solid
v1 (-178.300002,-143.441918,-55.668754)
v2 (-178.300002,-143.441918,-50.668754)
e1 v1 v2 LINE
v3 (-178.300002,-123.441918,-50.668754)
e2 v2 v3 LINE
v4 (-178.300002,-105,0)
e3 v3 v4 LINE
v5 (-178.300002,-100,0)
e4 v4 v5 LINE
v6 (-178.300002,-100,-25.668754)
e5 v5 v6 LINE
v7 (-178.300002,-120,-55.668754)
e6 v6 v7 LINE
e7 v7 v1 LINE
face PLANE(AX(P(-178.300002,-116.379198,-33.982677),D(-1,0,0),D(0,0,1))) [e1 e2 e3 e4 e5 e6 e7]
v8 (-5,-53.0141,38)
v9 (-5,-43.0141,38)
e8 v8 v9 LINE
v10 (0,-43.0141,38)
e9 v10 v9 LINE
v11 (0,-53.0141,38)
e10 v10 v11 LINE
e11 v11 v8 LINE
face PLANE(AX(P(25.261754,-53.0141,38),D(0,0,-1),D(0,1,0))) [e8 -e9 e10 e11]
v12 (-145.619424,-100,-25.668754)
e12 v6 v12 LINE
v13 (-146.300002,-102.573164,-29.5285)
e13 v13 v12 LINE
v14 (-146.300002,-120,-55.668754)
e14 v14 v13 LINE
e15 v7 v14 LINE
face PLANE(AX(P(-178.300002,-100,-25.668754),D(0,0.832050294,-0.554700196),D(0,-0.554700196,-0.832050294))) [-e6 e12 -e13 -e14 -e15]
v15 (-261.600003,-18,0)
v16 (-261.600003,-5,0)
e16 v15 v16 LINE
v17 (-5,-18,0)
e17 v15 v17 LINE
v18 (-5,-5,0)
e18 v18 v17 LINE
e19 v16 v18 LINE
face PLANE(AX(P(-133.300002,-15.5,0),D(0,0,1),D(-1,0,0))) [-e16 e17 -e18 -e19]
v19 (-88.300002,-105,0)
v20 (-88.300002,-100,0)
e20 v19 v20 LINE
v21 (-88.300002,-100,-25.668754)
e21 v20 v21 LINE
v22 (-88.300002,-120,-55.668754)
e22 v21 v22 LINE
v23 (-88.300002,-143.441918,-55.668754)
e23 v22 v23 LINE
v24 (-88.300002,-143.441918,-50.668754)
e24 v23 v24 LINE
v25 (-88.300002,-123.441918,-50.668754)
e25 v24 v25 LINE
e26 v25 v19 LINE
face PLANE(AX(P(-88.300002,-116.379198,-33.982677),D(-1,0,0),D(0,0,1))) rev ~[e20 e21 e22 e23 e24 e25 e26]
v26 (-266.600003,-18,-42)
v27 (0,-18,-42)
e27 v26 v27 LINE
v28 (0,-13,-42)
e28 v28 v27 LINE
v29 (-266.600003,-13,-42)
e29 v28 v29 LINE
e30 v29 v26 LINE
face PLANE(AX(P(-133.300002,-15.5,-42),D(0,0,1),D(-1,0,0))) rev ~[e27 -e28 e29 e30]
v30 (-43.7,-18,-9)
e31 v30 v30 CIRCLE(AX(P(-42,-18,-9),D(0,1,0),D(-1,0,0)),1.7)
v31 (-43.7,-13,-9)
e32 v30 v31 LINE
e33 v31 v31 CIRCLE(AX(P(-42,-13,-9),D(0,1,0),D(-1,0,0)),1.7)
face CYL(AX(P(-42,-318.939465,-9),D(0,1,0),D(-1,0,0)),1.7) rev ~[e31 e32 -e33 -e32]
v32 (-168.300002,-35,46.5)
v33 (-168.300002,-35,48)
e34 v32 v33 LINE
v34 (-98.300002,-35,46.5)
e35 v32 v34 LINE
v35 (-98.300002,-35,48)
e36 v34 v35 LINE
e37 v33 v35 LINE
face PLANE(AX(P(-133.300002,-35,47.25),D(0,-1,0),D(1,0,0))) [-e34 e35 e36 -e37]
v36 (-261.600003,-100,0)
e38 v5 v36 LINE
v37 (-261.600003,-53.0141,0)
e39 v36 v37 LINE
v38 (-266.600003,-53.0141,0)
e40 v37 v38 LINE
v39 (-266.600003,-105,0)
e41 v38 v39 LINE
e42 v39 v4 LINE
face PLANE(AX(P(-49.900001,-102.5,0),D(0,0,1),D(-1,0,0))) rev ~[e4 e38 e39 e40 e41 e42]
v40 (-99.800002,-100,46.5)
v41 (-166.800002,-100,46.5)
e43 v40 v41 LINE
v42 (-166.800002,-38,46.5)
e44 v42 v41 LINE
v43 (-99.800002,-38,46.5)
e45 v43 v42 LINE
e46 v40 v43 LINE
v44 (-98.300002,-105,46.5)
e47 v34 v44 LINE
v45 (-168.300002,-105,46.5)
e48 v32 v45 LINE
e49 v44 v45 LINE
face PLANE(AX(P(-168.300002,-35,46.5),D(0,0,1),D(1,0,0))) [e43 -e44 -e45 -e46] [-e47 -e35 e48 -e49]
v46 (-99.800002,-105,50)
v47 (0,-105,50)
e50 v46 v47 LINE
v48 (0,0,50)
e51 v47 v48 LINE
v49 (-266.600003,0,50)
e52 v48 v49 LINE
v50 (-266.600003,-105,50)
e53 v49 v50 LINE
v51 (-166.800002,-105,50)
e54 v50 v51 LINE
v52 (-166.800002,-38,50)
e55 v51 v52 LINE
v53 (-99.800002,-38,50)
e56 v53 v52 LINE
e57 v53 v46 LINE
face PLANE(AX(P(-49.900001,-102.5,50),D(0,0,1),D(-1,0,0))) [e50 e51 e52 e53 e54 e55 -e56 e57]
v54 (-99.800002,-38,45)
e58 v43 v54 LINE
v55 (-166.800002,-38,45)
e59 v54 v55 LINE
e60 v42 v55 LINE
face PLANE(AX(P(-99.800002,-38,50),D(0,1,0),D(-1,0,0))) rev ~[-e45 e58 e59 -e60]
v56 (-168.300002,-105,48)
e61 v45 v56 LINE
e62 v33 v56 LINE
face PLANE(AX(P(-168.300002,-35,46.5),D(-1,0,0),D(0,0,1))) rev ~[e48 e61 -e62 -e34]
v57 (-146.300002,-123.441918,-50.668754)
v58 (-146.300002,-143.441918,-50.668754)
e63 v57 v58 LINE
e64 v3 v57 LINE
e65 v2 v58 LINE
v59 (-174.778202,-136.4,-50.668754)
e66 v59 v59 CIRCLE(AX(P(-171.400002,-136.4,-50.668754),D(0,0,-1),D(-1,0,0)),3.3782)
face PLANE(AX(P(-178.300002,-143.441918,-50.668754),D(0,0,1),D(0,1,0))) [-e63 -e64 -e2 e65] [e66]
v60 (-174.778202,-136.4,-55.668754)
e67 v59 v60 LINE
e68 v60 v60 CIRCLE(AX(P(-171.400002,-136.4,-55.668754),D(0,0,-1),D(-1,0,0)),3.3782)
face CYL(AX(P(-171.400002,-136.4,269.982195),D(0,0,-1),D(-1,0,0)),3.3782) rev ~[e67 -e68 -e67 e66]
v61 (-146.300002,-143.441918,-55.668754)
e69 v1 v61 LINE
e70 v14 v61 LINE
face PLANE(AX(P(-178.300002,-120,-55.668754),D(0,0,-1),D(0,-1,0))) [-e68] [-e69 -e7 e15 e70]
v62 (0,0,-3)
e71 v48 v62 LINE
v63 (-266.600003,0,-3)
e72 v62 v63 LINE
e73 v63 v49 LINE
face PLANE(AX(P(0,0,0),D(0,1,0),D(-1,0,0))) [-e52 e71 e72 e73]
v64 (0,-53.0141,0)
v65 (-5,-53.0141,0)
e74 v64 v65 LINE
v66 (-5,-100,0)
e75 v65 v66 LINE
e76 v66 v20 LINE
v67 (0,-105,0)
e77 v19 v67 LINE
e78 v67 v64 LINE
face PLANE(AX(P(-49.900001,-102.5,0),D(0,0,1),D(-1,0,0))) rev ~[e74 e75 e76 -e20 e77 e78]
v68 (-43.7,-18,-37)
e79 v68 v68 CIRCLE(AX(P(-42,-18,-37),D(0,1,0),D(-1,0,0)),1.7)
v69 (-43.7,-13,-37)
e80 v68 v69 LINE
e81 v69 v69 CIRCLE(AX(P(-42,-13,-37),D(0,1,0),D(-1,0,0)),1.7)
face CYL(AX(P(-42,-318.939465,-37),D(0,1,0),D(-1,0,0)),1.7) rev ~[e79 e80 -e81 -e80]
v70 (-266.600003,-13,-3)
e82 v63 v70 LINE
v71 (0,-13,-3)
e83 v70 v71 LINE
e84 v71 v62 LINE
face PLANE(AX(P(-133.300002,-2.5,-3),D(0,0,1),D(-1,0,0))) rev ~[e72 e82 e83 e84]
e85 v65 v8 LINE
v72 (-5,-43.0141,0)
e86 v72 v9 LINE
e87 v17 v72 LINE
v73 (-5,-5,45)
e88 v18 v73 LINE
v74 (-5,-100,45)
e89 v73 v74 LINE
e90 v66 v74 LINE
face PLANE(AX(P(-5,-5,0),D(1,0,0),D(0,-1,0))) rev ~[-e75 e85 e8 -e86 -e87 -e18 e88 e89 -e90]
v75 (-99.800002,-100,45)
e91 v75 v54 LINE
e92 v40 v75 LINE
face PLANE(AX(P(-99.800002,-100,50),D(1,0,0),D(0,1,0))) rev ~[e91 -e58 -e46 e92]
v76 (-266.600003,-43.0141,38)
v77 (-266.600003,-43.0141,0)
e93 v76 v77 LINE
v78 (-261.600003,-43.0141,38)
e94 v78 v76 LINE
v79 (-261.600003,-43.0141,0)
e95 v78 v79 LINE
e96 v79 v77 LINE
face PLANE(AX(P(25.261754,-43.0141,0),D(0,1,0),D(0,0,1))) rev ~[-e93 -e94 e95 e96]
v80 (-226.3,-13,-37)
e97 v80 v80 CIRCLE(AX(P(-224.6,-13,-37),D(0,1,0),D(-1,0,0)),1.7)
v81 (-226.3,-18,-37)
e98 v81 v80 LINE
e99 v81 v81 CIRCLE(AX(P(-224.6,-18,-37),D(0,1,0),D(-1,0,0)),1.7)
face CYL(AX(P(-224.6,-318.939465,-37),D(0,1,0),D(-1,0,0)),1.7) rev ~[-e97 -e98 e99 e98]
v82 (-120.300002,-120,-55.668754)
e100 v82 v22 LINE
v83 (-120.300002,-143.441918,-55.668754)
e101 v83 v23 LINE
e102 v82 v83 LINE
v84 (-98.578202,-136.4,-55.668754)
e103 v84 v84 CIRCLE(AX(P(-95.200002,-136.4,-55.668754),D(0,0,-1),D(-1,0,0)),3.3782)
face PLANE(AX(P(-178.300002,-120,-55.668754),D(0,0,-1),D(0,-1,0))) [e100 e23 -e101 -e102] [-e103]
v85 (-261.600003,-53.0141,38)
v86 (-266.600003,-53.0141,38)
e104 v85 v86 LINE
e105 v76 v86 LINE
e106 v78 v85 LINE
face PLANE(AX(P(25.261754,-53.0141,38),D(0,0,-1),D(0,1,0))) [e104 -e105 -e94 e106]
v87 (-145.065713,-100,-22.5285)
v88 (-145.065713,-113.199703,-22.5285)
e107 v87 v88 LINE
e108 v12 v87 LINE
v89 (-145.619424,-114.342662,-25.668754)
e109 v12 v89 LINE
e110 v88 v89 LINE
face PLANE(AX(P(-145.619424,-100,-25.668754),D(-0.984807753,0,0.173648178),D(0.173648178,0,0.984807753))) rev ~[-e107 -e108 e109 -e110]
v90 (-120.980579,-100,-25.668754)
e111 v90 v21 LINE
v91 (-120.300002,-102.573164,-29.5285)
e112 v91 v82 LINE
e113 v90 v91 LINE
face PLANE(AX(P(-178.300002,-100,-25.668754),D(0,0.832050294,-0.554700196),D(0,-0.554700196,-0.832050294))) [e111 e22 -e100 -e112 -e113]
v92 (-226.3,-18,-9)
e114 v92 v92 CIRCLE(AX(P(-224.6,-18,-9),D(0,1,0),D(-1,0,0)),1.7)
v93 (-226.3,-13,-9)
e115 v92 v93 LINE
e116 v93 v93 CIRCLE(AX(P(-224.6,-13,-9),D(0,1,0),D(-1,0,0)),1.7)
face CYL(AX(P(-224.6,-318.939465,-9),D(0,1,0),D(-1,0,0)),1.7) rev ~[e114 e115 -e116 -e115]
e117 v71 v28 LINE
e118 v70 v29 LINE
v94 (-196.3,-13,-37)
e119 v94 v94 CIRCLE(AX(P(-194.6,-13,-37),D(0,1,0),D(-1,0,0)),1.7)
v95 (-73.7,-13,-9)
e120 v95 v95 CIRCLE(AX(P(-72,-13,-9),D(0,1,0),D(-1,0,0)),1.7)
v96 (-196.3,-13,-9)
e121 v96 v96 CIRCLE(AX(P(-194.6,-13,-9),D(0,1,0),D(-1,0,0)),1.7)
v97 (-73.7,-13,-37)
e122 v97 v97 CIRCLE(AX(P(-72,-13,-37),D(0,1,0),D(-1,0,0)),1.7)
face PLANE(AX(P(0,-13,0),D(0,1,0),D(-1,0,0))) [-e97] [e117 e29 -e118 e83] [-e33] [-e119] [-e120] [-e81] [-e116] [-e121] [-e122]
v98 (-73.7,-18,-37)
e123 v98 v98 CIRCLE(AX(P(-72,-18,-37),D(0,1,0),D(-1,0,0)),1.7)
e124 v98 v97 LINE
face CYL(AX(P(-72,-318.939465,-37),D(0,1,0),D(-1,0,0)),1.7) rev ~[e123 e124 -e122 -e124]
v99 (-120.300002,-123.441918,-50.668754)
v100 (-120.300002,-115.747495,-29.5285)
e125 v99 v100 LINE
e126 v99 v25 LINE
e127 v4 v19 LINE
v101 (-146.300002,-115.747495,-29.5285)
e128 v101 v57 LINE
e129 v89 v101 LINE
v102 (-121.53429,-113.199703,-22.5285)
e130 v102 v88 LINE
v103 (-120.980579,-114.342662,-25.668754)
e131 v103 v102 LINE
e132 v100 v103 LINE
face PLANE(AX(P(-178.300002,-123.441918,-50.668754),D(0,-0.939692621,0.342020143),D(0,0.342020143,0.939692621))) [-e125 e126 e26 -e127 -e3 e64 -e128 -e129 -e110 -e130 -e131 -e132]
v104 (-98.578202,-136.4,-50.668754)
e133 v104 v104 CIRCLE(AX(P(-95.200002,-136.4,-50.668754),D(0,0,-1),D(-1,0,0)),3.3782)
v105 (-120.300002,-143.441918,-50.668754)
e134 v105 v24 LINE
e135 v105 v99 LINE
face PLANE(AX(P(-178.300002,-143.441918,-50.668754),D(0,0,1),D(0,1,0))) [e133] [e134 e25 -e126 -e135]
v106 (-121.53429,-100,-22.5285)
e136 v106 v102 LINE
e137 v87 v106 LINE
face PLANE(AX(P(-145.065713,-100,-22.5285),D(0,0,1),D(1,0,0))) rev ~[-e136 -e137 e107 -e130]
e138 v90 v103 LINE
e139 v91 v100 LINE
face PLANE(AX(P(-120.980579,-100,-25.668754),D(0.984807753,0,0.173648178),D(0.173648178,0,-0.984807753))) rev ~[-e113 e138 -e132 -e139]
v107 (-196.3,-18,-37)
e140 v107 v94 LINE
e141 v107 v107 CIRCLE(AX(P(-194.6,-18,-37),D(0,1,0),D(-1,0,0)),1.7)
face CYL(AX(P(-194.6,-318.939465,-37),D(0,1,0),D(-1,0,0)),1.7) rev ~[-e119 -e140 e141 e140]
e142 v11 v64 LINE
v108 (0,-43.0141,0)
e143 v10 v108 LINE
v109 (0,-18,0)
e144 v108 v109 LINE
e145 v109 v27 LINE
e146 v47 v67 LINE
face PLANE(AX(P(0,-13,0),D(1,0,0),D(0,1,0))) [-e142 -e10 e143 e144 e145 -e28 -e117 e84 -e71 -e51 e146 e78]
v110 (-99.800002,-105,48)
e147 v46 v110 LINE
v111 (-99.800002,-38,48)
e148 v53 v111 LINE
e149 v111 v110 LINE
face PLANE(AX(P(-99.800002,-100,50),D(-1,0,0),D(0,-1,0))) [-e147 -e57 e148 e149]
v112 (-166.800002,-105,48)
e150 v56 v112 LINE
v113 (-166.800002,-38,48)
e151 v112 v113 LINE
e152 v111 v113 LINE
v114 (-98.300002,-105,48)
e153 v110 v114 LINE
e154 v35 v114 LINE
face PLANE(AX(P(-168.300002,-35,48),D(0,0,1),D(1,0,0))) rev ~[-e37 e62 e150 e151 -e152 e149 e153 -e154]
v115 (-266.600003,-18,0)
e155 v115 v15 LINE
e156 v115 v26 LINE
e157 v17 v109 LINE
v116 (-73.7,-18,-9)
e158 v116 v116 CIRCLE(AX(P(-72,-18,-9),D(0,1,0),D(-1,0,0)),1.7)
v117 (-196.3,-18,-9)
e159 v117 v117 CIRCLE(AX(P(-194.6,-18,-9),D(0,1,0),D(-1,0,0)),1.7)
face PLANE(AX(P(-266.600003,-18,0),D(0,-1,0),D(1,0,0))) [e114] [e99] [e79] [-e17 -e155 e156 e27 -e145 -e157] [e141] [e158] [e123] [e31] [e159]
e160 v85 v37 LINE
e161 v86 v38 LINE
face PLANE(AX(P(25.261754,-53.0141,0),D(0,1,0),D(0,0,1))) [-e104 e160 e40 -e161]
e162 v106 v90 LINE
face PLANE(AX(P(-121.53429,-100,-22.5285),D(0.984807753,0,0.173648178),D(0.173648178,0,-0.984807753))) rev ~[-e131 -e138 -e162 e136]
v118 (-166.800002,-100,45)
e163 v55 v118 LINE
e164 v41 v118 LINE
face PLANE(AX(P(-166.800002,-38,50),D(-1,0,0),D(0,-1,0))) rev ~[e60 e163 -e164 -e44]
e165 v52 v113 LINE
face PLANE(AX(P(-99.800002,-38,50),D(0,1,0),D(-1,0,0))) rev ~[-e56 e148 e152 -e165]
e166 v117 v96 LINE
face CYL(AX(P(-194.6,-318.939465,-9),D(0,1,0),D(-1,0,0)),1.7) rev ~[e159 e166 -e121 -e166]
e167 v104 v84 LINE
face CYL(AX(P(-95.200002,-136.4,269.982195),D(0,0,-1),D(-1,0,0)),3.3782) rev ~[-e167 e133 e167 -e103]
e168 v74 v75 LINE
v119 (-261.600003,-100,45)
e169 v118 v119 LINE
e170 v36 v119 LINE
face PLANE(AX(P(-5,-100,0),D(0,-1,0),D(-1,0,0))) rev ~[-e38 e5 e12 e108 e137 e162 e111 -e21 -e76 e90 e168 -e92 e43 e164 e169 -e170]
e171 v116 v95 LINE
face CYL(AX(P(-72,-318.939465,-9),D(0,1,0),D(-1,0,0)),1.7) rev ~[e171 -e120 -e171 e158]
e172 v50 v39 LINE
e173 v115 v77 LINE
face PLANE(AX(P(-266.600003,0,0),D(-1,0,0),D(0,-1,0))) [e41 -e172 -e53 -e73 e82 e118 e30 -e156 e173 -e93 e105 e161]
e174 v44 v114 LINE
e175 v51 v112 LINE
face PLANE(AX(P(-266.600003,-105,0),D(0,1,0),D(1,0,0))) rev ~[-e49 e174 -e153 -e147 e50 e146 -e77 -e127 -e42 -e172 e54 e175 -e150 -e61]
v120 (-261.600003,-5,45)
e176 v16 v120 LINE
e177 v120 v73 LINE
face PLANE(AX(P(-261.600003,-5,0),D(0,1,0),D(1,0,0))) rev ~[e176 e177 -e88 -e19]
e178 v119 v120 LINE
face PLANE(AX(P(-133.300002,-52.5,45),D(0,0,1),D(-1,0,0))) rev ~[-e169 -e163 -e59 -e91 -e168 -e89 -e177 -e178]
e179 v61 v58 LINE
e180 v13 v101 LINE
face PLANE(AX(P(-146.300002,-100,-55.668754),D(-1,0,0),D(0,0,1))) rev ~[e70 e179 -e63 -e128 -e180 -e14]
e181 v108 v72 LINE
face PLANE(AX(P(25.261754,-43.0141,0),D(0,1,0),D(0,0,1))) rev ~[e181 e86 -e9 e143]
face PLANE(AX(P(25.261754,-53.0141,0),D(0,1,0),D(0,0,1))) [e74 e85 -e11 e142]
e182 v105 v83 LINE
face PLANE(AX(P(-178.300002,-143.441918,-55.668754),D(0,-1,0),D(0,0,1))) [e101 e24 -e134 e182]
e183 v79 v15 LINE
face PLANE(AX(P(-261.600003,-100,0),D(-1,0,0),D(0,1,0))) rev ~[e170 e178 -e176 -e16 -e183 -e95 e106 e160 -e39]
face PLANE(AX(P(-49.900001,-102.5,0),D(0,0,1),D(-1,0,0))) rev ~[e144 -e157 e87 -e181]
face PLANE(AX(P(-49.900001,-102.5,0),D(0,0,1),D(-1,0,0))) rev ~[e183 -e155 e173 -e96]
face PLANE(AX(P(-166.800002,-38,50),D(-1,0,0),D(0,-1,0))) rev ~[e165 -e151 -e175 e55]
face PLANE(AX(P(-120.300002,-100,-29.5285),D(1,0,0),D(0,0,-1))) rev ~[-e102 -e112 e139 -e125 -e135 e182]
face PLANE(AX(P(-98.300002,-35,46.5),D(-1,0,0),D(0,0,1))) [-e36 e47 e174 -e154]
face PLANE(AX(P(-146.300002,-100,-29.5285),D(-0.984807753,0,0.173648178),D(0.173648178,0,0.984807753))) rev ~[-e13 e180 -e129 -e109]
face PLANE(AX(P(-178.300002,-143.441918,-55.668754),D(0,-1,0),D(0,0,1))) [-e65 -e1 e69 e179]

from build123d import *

# Parameters (mm, degrees)
SKETCH1_W                     = 5
SKETCH1_H                     = 47.5
SKETCH1_W_2                   = 67
SKETCH1_H_2                   = 5
SKETCH1_H_3                   = 34.5
SKETCH1_H_4                   = 8
WALLS_DEPTH                   = 50
ROOF_START                    = 50
SKETCH1_3_W                   = 266.6000032
SKETCH1_3_H                   = 105
SKETCH1_3_W_2                 = 67
SKETCH1_3_H_2                 = 67
ROOF_DEPTH                    = 5
SKETCH1_4_W                   = 256.6000032
SKETCH1_4_H                   = 5
SKETCH1_4_W_2                 = 5
SPACER_DEPTH                  = 42
FIBER_CUTOUT_DEPTH            = 291.861757036
FIBER_CUTOUT_DEPTH_BACK       = 291.861757036
SKETCH2_W                     = 38
SKETCH2_H                     = 10
M3_CLEARANCE_HOLE_D           = 3.4
SKETCH1_6_W                   = 5
SKETCH1_6_H                   = 8
SKETCH1_6_W_2                 = 256.6000032
REAR_WALL_FLOOR_DEPTH         = 3
WINDOW_THROUGH_CUT_DEPTH      = 291.861757036
WINDOW_THROUGH_CUT_DEPTH_BACK = 70
SKETCH6_W                     = 70
SKETCH6_H                     = 1.5
WINDOW_START                  = 50
SKETCH1_8_W                   = 67
SKETCH1_8_H                   = 47.5
SKETCH1_8_H_2                 = 14.5
WINDOW_SLOT_CUT_DEPTH         = 5
SKETCH1_9_W                   = 67
SKETCH1_9_H                   = 5
WINDOW_EDGE_THROUGH_CUT_DEPTH = 3.5
FRONT_LEG_MOUNTING_DEPTH      = 45
FRONT_LEG_MOUNTING_DEPTH_BACK = 45
F_1_4_CLEARANCE_HOLE1_D       = 6.7564
FRONT_HOLE_CUTOUT_REACH       = 292.129


with BuildPart() as part:
    # Sketch1 → Walls (new body)
    with BuildSketch(Plane(origin=(0, 0, 0), x_dir=(-1, 0, 0), z_dir=(0, 0, 1))):
        Polygon((0, 105), (0, 100), (5, 100), (99.8000016, 100), (99.8000016, 105), align=None)
        Polygon((166.8000016, 100), (261.6000032, 100), (266.6000032, 100), (266.6000032, 105), (166.8000016, 105), align=None)
        with Locations((264.1000032, 76.25)):
            Rectangle(SKETCH1_W, SKETCH1_H)
        with Locations((133.3000016, 102.5)):
            Rectangle(SKETCH1_W_2, SKETCH1_H_2)
        with Locations((264.1000032, 35.25)):
            Rectangle(SKETCH1_W, SKETCH1_H_3)
        with Locations((264.1000032, 15.5)):
            Rectangle(SKETCH1_W, SKETCH1_H_2)
        with Locations((264.1000032, 9)):
            Rectangle(SKETCH1_W, SKETCH1_H_4)
        Polygon((5, 5), (0, 5), (0, 0), (266.6000032, 0), (266.6000032, 5), (261.6000032, 5), align=None)
        with Locations((2.5, 9)):
            Rectangle(SKETCH1_W, SKETCH1_H_4)
        with Locations((2.5, 15.5)):
            Rectangle(SKETCH1_W, SKETCH1_H_2)
        with Locations((2.5, 35.25)):
            Rectangle(SKETCH1_W, SKETCH1_H_3)
        with Locations((2.5, 76.25)):
            Rectangle(SKETCH1_W, SKETCH1_H)
    extrude(amount=WALLS_DEPTH)

    # Sketch1<3> → roof (add)
    with BuildSketch(Plane(origin=(0, 0, 0), x_dir=(-1, 0, 0), z_dir=(0, 0, 1)).offset(ROOF_START)):
        with Locations((133.3000016, 52.5)):
            Rectangle(SKETCH1_3_W, SKETCH1_3_H)
        with Locations((133.3000016, 71.5)):
            Rectangle(SKETCH1_3_W_2, SKETCH1_3_H_2)
    extrude(amount=-ROOF_DEPTH)

    # Sketch1<4> → spacer (add)
    with BuildSketch(Plane(origin=(0, 0, 0), x_dir=(-1, 0, 0), z_dir=(0, 0, 1))):
        with Locations((133.3000016, 15.5)):
            Rectangle(SKETCH1_4_W, SKETCH1_4_H)
        with Locations((2.5, 15.5)):
            Rectangle(SKETCH1_4_W_2, SKETCH1_4_H)
        with Locations((264.1000032, 15.5)):
            Rectangle(SKETCH1_4_W_2, SKETCH1_4_H)
    extrude(amount=-SPACER_DEPTH)

    # Sketch2 → fiber cutout (cut, two sides: drawn at the far end of the back side and taken through both)
    with BuildSketch(Plane.ZY.offset(266.6000032).offset(-FIBER_CUTOUT_DEPTH_BACK)):
        with Locations((19, -48.0141)):
            Rectangle(SKETCH2_W, SKETCH2_H)
    extrude(amount=FIBER_CUTOUT_DEPTH + FIBER_CUTOUT_DEPTH_BACK, mode=Mode.SUBTRACT)

    # M3 Clearance Hole (through all)
    with Locations(Plane.XZ.offset(18)):
        with Locations((-224.6, -9), (-42, -9), (-72, -9), (-72, -37), (-42, -37), (-224.6, -37), (-194.6, -37), (-194.6, -9)):
            Hole(M3_CLEARANCE_HOLE_D / 2)

    # Sketch1<6> → rear wall floor (add)
    with BuildSketch(Plane(origin=(0, 0, 0), x_dir=(-1, 0, 0), z_dir=(0, 0, 1))):
        Polygon((5, 5), (0, 5), (0, 0), (266.6000032, 0), (266.6000032, 5), (261.6000032, 5), align=None)
        with Locations((2.5, 9)):
            Rectangle(SKETCH1_6_W, SKETCH1_6_H)
        with Locations((133.3000016, 9)):
            Rectangle(SKETCH1_6_W_2, SKETCH1_6_H)
        with Locations((264.1000032, 9)):
            Rectangle(SKETCH1_6_W, SKETCH1_6_H)
    extrude(amount=-REAR_WALL_FLOOR_DEPTH)

    # Sketch6 → window through cut (cut, two sides: drawn at the far end of the back side and taken through both)
    with BuildSketch(Plane.XZ.offset(105).offset(-WINDOW_THROUGH_CUT_DEPTH_BACK)):
        with Locations((-133.3000016, 47.25)):
            Rectangle(SKETCH6_W, SKETCH6_H)
    extrude(amount=WINDOW_THROUGH_CUT_DEPTH + WINDOW_THROUGH_CUT_DEPTH_BACK, mode=Mode.SUBTRACT)

    # Sketch1<8> → window slot cut (cut)
    with BuildSketch(Plane(origin=(0, 0, 0), x_dir=(-1, 0, 0), z_dir=(0, 0, 1)).offset(WINDOW_START)):
        with Locations((133.3000016, 76.25)):
            Rectangle(SKETCH1_8_W, SKETCH1_8_H)
        with Locations((133.3000016, 45.25)):
            Rectangle(SKETCH1_8_W, SKETCH1_8_H_2)
    extrude(amount=-WINDOW_SLOT_CUT_DEPTH, mode=Mode.SUBTRACT)

    # Sketch1<9> → window edge through cut (cut)
    with BuildSketch(Plane(origin=(0, 0, 0), x_dir=(-1, 0, 0), z_dir=(0, 0, 1)).offset(WINDOW_START)):
        with Locations((133.3000016, 102.5)):
            Rectangle(SKETCH1_9_W, SKETCH1_9_H)
    extrude(amount=-WINDOW_EDGE_THROUGH_CUT_DEPTH, mode=Mode.SUBTRACT)

    # Sketch7 → Front leg mounting (add, two sides: drawn at the far end of the back side and taken through both)
    with BuildSketch(Plane(origin=(-133.3000016, 0, 50), x_dir=(0, 0, -1), z_dir=(1, 0, 0)).offset(-FRONT_LEG_MOUNTING_DEPTH_BACK)):
        Polygon((105.668753763, -120), (105.668753763, -143.441918177), (100.668753763, -143.441918177), (100.668753763, -123.441918177), (50, -105), (50, -100), (75.668753763, -100), align=None)
    extrude(amount=FRONT_LEG_MOUNTING_DEPTH + FRONT_LEG_MOUNTING_DEPTH_BACK)

    # 1/4 Clearance Hole1 (through all)
    with Locations(Plane.XY.offset(-50.668753763)):
        with Locations((-95.2000016, -136.4), (-171.4000016, -136.4)):
            Hole(F_1_4_CLEARANCE_HOLE1_D / 2)

    # Front hole cutout: up to this face of the body (flat: up to its plane)
    front_hole_cutout_end = Plane(part.part.faces().sort_by_distance((-133.3000016, -143.441918177, -53.168753763))[0])
    # Sketch11 → Front hole cutout (cut, up to the picked face)
    with BuildSketch(Plane(origin=(0, -100, 0), x_dir=(1, 0, 0), z_dir=(0, 1, 0)), mode=Mode.PRIVATE) as front_hole_cutout_sk1:
        Polygon((-146.3000016, 55.668753763), (-146.3000016, 29.5285), (-145.6194242, 25.668753763), (-120.980579, 25.668753763), (-120.3000016, 29.5285), (-120.3000016, 55.668753763), align=None)
    front_hole_cutout_tool1 = split(extrude(front_hole_cutout_sk1.sketch, amount=-FRONT_HOLE_CUTOUT_REACH, mode=Mode.PRIVATE), bisect_by=front_hole_cutout_end, keep=Keep.BOTH, mode=Mode.PRIVATE)
    # Sketch11 → Front hole cutout (cut, up to the picked face)
    with BuildSketch(Plane(origin=(0, -100, 0), x_dir=(1, 0, 0), z_dir=(0, 1, 0)), mode=Mode.PRIVATE) as front_hole_cutout_sk2:
        Polygon((-120.980579, 25.668753763), (-145.6194242, 25.668753763), (-145.065712735, 22.5285), (-121.534290465, 22.5285), align=None)
    front_hole_cutout_tool2 = split(extrude(front_hole_cutout_sk2.sketch, amount=-FRONT_HOLE_CUTOUT_REACH, mode=Mode.PRIVATE), bisect_by=front_hole_cutout_end, keep=Keep.BOTH, mode=Mode.PRIVATE)
    add(front_hole_cutout_tool1.solids().sort_by(Axis((-133.300002, -100, -40.715093), (0, -1, 0)))[0], mode=Mode.SUBTRACT)
    add(front_hole_cutout_tool2.solids().sort_by(Axis((-133.300002, -100, -24.110659), (0, -1, 0)))[0], mode=Mode.SUBTRACT)


solid = part.part
